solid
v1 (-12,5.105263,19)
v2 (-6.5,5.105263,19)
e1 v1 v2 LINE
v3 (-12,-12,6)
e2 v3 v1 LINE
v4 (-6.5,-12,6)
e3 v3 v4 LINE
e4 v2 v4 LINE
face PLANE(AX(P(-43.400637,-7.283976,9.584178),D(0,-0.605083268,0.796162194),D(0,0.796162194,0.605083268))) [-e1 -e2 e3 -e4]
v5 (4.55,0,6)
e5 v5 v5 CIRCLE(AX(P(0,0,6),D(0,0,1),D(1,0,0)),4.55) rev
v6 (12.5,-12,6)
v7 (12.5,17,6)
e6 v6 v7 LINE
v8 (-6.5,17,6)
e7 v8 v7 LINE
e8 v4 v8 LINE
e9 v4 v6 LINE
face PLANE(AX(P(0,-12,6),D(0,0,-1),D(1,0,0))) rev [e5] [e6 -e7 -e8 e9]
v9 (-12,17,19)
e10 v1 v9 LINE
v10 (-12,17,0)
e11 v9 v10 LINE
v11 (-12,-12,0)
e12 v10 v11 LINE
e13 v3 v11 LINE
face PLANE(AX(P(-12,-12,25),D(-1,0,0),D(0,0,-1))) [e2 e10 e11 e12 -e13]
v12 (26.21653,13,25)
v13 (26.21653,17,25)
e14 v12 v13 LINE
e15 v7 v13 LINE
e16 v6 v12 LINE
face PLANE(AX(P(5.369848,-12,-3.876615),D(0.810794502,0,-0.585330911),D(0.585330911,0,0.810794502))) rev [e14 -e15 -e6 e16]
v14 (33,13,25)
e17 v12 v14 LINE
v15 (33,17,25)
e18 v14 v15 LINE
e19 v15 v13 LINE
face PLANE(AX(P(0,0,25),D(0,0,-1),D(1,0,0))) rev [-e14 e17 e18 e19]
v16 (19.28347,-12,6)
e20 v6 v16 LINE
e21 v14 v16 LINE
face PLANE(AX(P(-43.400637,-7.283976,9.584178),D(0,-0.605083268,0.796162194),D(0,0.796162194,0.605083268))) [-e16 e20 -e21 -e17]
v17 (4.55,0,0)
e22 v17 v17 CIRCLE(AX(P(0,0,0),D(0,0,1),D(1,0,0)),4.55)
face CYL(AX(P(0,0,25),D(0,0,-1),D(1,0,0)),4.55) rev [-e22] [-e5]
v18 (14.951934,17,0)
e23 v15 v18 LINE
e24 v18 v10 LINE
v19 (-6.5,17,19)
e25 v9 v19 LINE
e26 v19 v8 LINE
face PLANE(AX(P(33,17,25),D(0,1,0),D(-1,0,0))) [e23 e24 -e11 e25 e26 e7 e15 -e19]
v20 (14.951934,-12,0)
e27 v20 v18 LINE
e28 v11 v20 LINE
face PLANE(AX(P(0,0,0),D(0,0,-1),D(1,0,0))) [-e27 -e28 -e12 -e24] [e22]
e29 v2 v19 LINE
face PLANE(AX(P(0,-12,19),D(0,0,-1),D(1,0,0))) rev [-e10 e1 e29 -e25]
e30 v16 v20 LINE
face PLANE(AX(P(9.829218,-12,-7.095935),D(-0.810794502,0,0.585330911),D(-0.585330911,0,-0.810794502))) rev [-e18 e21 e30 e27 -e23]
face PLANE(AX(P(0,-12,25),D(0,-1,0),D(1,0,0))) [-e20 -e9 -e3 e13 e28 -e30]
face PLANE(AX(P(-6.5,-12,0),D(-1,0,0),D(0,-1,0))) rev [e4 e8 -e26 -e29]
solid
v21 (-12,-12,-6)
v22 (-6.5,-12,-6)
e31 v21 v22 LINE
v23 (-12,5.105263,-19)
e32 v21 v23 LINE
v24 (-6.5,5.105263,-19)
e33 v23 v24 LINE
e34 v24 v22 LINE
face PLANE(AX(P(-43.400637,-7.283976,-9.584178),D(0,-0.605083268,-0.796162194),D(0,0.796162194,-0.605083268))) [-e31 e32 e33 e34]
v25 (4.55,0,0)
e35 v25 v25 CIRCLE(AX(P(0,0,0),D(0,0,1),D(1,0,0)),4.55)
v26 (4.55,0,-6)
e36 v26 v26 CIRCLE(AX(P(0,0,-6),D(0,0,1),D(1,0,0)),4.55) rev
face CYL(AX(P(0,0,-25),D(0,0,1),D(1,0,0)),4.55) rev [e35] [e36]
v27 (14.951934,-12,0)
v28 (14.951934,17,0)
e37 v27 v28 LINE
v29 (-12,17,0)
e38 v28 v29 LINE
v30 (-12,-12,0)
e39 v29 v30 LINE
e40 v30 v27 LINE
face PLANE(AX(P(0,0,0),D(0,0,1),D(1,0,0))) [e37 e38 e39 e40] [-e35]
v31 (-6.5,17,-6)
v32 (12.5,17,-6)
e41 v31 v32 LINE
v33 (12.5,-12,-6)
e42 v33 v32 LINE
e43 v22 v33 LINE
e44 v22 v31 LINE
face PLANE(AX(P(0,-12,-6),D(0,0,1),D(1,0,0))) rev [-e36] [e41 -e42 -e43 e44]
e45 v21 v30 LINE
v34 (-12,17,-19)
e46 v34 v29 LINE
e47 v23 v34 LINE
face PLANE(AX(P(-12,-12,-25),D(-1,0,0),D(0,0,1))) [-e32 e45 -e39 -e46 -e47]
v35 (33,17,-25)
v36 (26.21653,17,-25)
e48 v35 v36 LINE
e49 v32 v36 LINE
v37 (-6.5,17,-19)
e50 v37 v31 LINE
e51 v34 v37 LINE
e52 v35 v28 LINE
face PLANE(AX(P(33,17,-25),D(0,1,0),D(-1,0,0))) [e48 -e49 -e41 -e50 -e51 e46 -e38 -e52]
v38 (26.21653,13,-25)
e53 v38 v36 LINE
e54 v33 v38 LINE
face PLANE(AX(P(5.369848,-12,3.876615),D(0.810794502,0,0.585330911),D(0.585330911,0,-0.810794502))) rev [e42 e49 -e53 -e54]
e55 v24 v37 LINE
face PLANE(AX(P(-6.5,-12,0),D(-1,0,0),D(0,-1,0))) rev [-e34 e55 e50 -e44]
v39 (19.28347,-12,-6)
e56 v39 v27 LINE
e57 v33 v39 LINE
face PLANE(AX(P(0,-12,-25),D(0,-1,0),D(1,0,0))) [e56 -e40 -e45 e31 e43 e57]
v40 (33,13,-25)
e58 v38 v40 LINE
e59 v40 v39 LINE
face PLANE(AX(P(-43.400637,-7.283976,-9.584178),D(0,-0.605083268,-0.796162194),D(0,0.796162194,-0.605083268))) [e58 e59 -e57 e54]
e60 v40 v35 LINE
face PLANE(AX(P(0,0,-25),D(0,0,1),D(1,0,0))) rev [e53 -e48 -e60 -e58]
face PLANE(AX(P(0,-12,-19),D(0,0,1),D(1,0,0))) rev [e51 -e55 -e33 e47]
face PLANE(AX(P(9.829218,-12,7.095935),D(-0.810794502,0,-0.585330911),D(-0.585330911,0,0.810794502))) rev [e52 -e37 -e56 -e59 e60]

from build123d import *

# Parameters (mm, degrees)
SKETCH1_R                      = 4.55
BOSS_EXTRUDE1_DEPTH            = 25
SKETCH2_W                      = 5.5
SKETCH2_H                      = 6
CUT_EXTRUDE1_DEPTH             = 30
CUT_EXTRUDE3_REACH             = 7.5
CUT_EXTRUDE3_DIRECTION_2_REACH = 41.5


with BuildPart() as part:
    # Sketch1 → Boss-Extrude1 (new body)
    with BuildSketch(Plane.XY):
        Polygon((-12, -12), (-12, 17), (33, 17), (33, 12), (33, -12), (0, -12), align=None)
        Circle(SKETCH1_R, mode=Mode.SUBTRACT)
    extrude(amount=-BOSS_EXTRUDE1_DEPTH)

    # Sketch2 → Cut-Extrude1 (cut, through all)
    with BuildSketch(Plane(origin=(0, 17, 0), x_dir=(1, 0, 0), z_dir=(0, 1, 0))):
        Polygon((33, 0), (33, 25), (14.951933913, 0), align=None)
        Polygon((26.216530226, 25), (-6.5, 25), (-6.5, 19), (-6.5, 6), (12.5, 6), align=None)
        with Locations((-9.25, 22)):
            Rectangle(SKETCH2_W, SKETCH2_H)
    extrude(amount=-CUT_EXTRUDE1_DEPTH, mode=Mode.SUBTRACT)

    # Cut-Extrude3: up to this face of the body (flat: up to its plane)
    cut_extrude3_end = Plane(part.part.faces().sort_by_distance((-12, 2.5, -9.5))[0])
    # Sketch4 → Cut-Extrude3 (cut, up to the picked face)
    with BuildSketch(Plane(origin=(-6.5, 0, 0), x_dir=(0, 0, -1), z_dir=(1, 0, 0)), mode=Mode.PRIVATE) as cut_extrude3_sk1:
        Polygon((25, 13), (19, 5.105263158), (19, -12), (25, -12), align=None)
    cut_extrude3_tool1 = split(extrude(cut_extrude3_sk1.sketch, amount=-CUT_EXTRUDE3_REACH, mode=Mode.PRIVATE), bisect_by=cut_extrude3_end, keep=Keep.BOTH, mode=Mode.PRIVATE)
    add(cut_extrude3_tool1.solids().sort_by_distance((-6.5, -1.350329, -22.1875))[0], mode=Mode.SUBTRACT)
    # Sketch4 → Cut-Extrude3 (cut, up to the picked face)
    with BuildSketch(Plane(origin=(-6.5, 0, 0), x_dir=(0, 0, -1), z_dir=(1, 0, 0)), mode=Mode.PRIVATE) as cut_extrude3_sk2:
        Polygon((19, 5.105263158), (6, -12), (19, -12), align=None)
    cut_extrude3_tool2 = split(extrude(cut_extrude3_sk2.sketch, amount=-CUT_EXTRUDE3_REACH, mode=Mode.PRIVATE), bisect_by=cut_extrude3_end, keep=Keep.BOTH, mode=Mode.PRIVATE)
    add(cut_extrude3_tool2.solids().sort_by_distance((-6.5, -6.298246, -14.666667))[0], mode=Mode.SUBTRACT)

    # Cut-Extrude3 direction 2: up to this face of the body (flat: up to its plane)
    cut_extrude3_direction_2_end = Plane(part.part.faces().sort_by_distance((23.975966956, 2.5, -12.5))[0])
    # Sketch4 → Cut-Extrude3 direction 2 (cut, up to the picked face)
    with BuildSketch(Plane(origin=(-6.5, 0, 0), x_dir=(0, 0, -1), z_dir=(1, 0, 0)), mode=Mode.PRIVATE) as cut_extrude3_direction_2_sk1:
        Polygon((25, 13), (19, 5.105263158), (19, -12), (25, -12), align=None)
    cut_extrude3_direction_2_tool1 = split(extrude(cut_extrude3_direction_2_sk1.sketch, amount=CUT_EXTRUDE3_DIRECTION_2_REACH, mode=Mode.PRIVATE), bisect_by=cut_extrude3_direction_2_end, keep=Keep.BOTH, mode=Mode.PRIVATE)
    add(cut_extrude3_direction_2_tool1.solids().sort_by_distance((-6.5, -1.350329, -22.1875))[0], mode=Mode.SUBTRACT)
    # Sketch4 → Cut-Extrude3 direction 2 (cut, up to the picked face)
    with BuildSketch(Plane(origin=(-6.5, 0, 0), x_dir=(0, 0, -1), z_dir=(1, 0, 0)), mode=Mode.PRIVATE) as cut_extrude3_direction_2_sk2:
        Polygon((19, 5.105263158), (6, -12), (19, -12), align=None)
    cut_extrude3_direction_2_tool2 = split(extrude(cut_extrude3_direction_2_sk2.sketch, amount=CUT_EXTRUDE3_DIRECTION_2_REACH, mode=Mode.PRIVATE), bisect_by=cut_extrude3_direction_2_end, keep=Keep.BOTH, mode=Mode.PRIVATE)
    add(cut_extrude3_direction_2_tool2.solids().sort_by_distance((-6.5, -6.298246, -14.666667))[0], mode=Mode.SUBTRACT)


with BuildPart() as body_2:
    # Mirror3: mirrored copy
    add(part.part.mirror(Plane.XY))


solid = Compound([part.part, body_2.part])
